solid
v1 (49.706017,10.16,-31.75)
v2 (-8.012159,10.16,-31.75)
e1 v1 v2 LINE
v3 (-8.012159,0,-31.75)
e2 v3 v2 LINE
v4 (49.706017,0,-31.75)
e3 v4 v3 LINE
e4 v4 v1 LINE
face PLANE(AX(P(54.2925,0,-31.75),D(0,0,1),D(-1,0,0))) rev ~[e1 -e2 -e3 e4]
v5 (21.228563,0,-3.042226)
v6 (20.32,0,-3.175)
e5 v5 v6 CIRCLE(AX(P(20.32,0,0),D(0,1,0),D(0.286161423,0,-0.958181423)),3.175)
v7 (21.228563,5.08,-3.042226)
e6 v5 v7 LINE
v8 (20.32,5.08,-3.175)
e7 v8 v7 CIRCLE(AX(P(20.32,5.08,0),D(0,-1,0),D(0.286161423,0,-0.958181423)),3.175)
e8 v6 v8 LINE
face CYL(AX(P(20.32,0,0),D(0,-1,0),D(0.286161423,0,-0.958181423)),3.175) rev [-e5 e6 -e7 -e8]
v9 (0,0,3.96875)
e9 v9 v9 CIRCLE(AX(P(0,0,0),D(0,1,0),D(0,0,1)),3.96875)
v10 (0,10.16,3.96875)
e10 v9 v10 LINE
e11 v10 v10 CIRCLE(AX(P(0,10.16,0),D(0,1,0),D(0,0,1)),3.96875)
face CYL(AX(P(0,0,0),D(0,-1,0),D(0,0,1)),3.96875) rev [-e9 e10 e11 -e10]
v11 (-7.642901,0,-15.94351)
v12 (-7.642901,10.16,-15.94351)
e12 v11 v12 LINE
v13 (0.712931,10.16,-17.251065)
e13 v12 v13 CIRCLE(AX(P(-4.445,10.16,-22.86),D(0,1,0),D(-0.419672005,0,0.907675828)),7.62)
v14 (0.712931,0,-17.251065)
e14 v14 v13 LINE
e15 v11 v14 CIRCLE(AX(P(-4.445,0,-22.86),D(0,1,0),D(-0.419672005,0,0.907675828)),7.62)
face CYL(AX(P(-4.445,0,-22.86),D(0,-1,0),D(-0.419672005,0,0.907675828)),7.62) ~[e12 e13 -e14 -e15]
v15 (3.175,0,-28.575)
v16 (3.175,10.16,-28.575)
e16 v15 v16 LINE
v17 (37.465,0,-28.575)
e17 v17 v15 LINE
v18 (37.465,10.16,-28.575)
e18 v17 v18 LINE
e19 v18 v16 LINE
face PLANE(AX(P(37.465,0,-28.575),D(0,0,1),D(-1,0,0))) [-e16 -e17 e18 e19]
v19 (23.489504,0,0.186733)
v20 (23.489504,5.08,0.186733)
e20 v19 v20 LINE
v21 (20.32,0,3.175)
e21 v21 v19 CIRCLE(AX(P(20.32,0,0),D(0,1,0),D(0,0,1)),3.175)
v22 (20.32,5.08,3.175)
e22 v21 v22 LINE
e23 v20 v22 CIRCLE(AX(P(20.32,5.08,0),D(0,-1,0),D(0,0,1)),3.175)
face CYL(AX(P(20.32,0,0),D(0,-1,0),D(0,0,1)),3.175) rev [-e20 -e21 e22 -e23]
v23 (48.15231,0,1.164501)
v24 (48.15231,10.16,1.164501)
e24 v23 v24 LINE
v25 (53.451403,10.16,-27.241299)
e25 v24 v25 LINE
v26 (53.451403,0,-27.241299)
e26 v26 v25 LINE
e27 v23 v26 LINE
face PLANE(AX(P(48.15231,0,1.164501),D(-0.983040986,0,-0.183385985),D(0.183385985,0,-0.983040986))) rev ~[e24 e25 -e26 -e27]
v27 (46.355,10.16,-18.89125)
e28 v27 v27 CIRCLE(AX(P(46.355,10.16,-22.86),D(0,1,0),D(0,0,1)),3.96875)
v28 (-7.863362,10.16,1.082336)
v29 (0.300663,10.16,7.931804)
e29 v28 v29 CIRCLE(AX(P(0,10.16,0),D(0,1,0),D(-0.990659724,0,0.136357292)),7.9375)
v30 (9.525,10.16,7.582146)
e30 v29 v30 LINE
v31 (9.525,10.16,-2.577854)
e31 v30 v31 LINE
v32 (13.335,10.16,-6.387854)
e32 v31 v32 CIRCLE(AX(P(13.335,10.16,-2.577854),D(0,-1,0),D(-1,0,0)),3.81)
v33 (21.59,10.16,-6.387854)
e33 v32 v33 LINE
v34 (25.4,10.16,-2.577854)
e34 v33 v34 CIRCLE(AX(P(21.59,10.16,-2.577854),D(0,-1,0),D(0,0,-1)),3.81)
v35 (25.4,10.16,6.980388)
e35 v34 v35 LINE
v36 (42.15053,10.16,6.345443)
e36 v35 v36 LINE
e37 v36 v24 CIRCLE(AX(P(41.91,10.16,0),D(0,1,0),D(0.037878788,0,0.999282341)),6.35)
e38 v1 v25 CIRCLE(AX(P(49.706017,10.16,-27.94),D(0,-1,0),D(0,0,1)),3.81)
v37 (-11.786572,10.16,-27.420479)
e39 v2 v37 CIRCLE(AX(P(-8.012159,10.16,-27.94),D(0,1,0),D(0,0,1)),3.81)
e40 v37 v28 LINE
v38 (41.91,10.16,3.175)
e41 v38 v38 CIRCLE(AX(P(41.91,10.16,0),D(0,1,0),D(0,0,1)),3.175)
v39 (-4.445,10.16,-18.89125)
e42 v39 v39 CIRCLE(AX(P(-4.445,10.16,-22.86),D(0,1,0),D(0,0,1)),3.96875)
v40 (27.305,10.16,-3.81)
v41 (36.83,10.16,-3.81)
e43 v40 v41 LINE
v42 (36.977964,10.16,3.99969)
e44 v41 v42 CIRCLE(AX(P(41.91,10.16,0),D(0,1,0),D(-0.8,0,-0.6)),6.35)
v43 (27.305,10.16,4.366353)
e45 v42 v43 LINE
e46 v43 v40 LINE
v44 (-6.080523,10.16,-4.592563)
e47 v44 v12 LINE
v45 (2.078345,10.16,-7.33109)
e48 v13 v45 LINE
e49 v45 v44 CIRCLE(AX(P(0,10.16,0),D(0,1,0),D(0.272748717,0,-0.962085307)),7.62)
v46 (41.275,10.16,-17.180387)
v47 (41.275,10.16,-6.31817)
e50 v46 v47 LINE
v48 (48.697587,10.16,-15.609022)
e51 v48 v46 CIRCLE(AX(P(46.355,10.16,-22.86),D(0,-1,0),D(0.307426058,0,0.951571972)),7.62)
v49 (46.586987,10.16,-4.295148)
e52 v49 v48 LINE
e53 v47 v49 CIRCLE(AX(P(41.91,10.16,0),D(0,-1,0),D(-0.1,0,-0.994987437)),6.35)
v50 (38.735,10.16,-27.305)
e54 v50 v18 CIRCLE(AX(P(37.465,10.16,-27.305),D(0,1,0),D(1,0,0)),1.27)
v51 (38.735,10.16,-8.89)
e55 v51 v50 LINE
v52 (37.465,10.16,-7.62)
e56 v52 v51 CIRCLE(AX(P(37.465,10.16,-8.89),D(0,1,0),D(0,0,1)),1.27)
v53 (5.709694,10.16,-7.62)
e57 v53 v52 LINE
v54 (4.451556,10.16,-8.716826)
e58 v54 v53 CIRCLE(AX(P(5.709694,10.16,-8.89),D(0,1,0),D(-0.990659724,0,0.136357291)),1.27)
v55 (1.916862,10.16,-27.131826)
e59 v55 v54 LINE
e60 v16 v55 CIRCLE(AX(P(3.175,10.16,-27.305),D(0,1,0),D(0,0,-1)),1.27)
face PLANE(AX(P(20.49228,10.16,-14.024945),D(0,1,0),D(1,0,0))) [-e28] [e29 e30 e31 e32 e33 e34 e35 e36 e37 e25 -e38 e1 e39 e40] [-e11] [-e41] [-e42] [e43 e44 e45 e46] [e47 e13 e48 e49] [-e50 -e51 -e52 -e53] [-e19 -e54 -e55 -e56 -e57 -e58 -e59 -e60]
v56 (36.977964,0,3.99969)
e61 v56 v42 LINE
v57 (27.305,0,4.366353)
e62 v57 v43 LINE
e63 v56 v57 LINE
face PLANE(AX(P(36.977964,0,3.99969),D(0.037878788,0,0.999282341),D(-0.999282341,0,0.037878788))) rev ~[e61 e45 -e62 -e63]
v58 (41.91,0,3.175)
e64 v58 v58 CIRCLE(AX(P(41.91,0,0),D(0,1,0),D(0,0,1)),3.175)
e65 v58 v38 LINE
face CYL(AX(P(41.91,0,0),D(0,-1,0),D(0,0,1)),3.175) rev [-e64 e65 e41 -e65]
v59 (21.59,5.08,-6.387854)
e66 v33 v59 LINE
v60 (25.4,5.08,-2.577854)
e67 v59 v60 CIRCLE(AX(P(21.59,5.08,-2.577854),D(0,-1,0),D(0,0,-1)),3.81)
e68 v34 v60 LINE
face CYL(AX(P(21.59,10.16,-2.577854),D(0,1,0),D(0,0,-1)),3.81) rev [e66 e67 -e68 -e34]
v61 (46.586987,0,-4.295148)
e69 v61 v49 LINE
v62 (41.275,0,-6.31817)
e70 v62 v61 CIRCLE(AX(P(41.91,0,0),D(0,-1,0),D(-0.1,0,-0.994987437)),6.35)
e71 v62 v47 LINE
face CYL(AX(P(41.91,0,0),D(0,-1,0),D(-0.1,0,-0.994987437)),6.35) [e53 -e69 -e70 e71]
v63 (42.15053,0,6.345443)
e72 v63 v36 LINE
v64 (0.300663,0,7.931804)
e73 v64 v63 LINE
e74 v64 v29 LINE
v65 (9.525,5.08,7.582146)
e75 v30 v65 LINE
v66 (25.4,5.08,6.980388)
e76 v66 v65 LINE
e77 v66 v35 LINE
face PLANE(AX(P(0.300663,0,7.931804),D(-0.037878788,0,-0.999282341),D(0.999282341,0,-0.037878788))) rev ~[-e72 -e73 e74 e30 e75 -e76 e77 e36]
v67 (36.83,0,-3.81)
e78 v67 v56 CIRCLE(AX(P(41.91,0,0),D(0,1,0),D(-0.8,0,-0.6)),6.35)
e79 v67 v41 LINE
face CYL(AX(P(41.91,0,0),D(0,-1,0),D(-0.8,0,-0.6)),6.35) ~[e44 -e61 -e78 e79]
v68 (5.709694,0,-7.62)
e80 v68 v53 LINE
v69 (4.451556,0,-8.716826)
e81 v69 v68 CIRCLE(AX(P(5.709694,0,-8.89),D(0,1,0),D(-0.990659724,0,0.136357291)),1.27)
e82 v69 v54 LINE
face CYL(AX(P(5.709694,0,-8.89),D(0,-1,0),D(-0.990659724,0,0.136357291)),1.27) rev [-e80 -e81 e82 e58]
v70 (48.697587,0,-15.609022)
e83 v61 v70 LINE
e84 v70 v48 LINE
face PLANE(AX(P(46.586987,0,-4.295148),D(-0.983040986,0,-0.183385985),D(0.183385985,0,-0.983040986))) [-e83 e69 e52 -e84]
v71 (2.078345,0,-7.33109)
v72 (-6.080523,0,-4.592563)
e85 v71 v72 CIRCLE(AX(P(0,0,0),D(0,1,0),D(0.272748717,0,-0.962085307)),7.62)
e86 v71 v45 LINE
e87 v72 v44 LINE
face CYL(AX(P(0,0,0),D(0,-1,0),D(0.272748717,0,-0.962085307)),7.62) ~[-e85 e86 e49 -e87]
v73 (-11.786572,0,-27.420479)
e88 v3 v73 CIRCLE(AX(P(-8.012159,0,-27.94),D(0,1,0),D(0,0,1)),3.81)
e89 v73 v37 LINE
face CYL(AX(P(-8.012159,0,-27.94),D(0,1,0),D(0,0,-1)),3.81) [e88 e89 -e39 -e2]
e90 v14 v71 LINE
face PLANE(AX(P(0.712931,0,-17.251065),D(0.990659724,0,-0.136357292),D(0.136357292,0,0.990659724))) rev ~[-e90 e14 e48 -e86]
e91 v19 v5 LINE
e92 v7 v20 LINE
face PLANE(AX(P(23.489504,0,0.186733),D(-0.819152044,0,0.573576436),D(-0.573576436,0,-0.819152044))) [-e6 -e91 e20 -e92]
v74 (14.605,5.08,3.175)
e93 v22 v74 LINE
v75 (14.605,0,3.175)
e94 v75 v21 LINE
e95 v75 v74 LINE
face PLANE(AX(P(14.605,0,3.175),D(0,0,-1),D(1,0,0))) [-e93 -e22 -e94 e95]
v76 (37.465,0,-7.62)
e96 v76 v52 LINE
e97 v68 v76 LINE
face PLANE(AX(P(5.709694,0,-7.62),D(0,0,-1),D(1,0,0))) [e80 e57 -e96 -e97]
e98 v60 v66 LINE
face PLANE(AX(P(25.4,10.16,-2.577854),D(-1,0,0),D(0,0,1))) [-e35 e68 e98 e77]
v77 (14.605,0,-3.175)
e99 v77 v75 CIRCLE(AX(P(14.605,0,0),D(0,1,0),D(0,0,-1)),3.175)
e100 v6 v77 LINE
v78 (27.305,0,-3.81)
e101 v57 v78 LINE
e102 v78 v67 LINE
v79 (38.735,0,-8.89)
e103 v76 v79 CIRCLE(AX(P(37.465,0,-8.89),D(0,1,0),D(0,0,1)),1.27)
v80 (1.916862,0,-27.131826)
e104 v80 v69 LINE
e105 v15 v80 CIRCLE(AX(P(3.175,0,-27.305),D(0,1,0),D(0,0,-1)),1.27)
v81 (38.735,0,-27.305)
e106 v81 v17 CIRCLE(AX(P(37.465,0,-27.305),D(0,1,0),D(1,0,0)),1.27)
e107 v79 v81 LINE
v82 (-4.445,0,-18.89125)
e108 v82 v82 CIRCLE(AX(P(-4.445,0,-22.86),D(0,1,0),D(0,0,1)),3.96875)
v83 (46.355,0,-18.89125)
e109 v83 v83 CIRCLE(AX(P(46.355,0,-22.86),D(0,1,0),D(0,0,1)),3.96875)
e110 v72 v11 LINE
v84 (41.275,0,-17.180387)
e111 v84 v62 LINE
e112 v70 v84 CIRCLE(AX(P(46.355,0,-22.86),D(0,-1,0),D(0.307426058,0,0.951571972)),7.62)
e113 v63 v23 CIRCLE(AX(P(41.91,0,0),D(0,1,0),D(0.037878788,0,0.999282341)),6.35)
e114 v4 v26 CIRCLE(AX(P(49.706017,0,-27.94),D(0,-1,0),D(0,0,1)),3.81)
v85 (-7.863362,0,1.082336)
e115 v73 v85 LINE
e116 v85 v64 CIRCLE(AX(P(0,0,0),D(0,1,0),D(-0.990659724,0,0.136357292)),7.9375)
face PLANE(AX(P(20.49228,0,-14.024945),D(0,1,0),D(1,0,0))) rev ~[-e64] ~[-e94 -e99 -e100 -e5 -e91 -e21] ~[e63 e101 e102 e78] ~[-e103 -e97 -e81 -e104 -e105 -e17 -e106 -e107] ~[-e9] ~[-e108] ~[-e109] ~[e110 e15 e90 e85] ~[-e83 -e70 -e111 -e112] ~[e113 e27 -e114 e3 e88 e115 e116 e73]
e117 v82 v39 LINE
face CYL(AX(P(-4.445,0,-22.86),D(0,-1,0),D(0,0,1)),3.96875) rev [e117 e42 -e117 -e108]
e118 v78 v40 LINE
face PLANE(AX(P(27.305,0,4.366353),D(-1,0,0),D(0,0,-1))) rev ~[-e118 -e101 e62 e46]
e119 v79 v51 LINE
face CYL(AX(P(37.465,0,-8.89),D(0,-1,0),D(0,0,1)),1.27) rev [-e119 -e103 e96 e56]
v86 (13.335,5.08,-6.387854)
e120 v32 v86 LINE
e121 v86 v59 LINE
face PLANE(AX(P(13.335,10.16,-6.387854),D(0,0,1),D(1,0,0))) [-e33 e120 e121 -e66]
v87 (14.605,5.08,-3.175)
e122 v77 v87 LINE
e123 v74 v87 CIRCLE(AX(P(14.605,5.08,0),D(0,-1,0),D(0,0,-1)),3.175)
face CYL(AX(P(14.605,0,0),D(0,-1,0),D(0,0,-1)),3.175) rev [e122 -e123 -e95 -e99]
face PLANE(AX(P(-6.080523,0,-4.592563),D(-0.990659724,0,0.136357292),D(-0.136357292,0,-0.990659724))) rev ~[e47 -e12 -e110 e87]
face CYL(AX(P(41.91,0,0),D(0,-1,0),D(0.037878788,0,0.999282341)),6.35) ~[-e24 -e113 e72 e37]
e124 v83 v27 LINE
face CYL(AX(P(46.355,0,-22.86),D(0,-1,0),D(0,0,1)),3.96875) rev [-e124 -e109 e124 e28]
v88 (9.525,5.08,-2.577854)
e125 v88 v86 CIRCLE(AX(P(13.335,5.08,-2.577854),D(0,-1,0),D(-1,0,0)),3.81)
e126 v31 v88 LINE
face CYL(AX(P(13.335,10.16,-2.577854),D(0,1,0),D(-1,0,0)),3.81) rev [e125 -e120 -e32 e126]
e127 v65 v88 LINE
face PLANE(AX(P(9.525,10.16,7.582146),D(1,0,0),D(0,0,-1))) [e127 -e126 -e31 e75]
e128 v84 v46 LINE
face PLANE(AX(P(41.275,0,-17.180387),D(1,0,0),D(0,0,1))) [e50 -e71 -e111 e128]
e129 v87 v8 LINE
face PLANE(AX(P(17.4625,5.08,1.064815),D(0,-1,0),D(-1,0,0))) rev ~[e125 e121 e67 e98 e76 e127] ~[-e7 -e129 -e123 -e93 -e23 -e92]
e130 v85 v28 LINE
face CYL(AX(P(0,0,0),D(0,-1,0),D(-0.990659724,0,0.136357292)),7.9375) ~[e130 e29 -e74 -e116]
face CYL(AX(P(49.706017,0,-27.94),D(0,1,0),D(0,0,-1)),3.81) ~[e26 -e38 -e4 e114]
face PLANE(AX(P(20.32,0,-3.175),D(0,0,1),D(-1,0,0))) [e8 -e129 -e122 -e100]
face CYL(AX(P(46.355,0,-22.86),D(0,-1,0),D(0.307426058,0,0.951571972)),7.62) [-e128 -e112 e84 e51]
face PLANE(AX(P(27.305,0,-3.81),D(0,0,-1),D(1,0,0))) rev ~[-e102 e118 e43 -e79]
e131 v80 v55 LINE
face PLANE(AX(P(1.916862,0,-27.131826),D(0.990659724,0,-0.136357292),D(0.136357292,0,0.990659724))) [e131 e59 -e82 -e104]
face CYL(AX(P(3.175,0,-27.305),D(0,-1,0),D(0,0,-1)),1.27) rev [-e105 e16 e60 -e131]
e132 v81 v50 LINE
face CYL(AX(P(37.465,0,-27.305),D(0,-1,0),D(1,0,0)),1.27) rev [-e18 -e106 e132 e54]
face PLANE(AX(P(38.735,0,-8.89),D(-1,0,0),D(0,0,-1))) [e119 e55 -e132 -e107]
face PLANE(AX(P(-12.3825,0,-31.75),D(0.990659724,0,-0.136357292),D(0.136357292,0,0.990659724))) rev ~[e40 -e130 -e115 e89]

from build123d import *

# Parameters (mm, degrees)
SKETCH3_R           = 3.96875
SKETCH3_R_2         = 3.175
BOSS_EXTRUDE4_DEPTH = 10.16
CUT_EXTRUDE3_DEPTH  = 5.08
FILLET1_R           = 3.81


with BuildPart() as part:
    # Sketch3 → Boss-Extrude4 (new body)
    with BuildSketch(Plane(origin=(0, 0, 0), x_dir=(1, 0, 0), z_dir=(0, 1, 0))):
        with BuildLine():
            Line((54.2925, 31.75), (-12.3825, 31.75))
            Line((-12.3825, 31.75), (-7.863361559, -1.082336008))
            ThreePointArc((-7.863361559, -1.082336008), (-5.101706023, -6.080830692), (0.300662879, -7.931803583))
            Line((0.300662879, -7.931803583), (42.150530303, -6.345442867))
            ThreePointArc((42.150530303, -6.345442867), (46.059378881, -4.806782177), (48.152310263, -1.164501002))
            Line((48.152310263, -1.164501002), (54.2925, 31.75))
        make_face()
        Circle(SKETCH3_R, mode=Mode.SUBTRACT)
        with Locations((-4.445, 22.86)):
            Circle(SKETCH3_R, mode=Mode.SUBTRACT)
        with Locations((46.355, 22.86)):
            Circle(SKETCH3_R, mode=Mode.SUBTRACT)
        with Locations((41.91, 0)):
            Circle(SKETCH3_R_2, mode=Mode.SUBTRACT)
        with BuildLine():
            Line((38.735, 8.89), (38.735, 27.305))
            ThreePointArc((38.735, 27.305), (38.363025612, 28.203025612), (37.465, 28.575))
            Line((37.465, 28.575), (3.175, 28.575))
            ThreePointArc((3.175, 28.575), (2.217704153, 28.139556566), (1.91686215, 27.131826239))
            Line((1.91686215, 27.131826239), (4.451556434, 8.716826239))
            ThreePointArc((4.451556434, 8.716826239), (4.875137717, 7.932704153), (5.709694283, 7.62))
            Line((5.709694283, 7.62), (37.465, 7.62))
            ThreePointArc((37.465, 7.62), (38.363025612, 7.991974388), (38.735, 8.89))
        make_face(mode=Mode.SUBTRACT)
        with BuildLine():
            Line((20.32, 3.175), (14.605, 3.175))
            ThreePointArc((14.605, 3.175), (11.43, 0), (14.605, -3.175))
            Line((14.605, -3.175), (20.32, -3.175))
            ThreePointArc((20.32, -3.175), (22.498043553, -2.310140965), (23.489504023, -0.186733089))
            Line((23.489504023, -0.186733089), (21.228562514, 3.04222602))
            ThreePointArc((21.228562514, 3.04222602), (20.779106407, 3.141631154), (20.32, 3.175))
        make_face(mode=Mode.SUBTRACT)
        with BuildLine():
            Line((46.58698696, 4.295147609), (48.697586564, 15.60902157))
            ThreePointArc((48.697586564, 15.60902157), (44.776818872, 15.405220035), (41.275, 17.180387337))
            Line((41.275, 17.180387337), (41.275, 6.318170226))
            ThreePointArc((41.275, 6.318170226), (44.169993312, 5.934216901), (46.58698696, 4.295147609))
        make_face(mode=Mode.SUBTRACT)
        with BuildLine():
            Line((-6.080523252, 4.592563226), (-7.642900683, 15.943510195))
            ThreePointArc((-7.642900683, 15.943510195), (-3.266927549, 15.331617352), (0.712930912, 17.251065278))
            Line((0.712930912, 17.251065278), (2.078345222, 7.331090037))
            ThreePointArc((2.078345222, 7.331090037), (-2.424714317, 7.223929712), (-6.080523252, 4.592563226))
        make_face(mode=Mode.SUBTRACT)
        with BuildLine():
            Line((36.977963889, -3.999689962), (27.305, -4.366353249))
            Line((27.305, -4.366353249), (27.305, 3.81))
            Line((27.305, 3.81), (36.83, 3.81))
            ThreePointArc((36.83, 3.81), (35.561139386, -0.120286735), (36.977963889, -3.999689962))
        make_face(mode=Mode.SUBTRACT)
    extrude(amount=BOSS_EXTRUDE4_DEPTH)

    # Sketch5 → Cut-Extrude3 (cut)
    with BuildSketch(Plane(origin=(0, 10.16, 0), x_dir=(1, 0, 0), z_dir=(0, 1, 0))):
        with BuildLine():
            Line((25.4, 2.577854061), (25.4, -7.582145939))
            Line((25.4, -7.582145939), (9.525, -7.582145939))
            Line((9.525, -7.582145939), (9.525, 2.577854061))
            ThreePointArc((9.525, 2.577854061), (10.640923164, 5.271930897), (13.335, 6.387854061))
            Line((13.335, 6.387854061), (21.59, 6.387854061))
            ThreePointArc((21.59, 6.387854061), (24.284076836, 5.271930897), (25.4, 2.577854061))
        make_face()
    extrude(amount=-CUT_EXTRUDE3_DEPTH, mode=Mode.SUBTRACT)

    # Fillet1
    fillet1_edges = [part.edges().sort_by_distance(p)[0] for p in [
        (-12.3825, 5.08, -31.75),
        (54.2925, 5.08, -31.75),
    ]]
    fillet(fillet1_edges, radius=FILLET1_R)


solid = part.part
